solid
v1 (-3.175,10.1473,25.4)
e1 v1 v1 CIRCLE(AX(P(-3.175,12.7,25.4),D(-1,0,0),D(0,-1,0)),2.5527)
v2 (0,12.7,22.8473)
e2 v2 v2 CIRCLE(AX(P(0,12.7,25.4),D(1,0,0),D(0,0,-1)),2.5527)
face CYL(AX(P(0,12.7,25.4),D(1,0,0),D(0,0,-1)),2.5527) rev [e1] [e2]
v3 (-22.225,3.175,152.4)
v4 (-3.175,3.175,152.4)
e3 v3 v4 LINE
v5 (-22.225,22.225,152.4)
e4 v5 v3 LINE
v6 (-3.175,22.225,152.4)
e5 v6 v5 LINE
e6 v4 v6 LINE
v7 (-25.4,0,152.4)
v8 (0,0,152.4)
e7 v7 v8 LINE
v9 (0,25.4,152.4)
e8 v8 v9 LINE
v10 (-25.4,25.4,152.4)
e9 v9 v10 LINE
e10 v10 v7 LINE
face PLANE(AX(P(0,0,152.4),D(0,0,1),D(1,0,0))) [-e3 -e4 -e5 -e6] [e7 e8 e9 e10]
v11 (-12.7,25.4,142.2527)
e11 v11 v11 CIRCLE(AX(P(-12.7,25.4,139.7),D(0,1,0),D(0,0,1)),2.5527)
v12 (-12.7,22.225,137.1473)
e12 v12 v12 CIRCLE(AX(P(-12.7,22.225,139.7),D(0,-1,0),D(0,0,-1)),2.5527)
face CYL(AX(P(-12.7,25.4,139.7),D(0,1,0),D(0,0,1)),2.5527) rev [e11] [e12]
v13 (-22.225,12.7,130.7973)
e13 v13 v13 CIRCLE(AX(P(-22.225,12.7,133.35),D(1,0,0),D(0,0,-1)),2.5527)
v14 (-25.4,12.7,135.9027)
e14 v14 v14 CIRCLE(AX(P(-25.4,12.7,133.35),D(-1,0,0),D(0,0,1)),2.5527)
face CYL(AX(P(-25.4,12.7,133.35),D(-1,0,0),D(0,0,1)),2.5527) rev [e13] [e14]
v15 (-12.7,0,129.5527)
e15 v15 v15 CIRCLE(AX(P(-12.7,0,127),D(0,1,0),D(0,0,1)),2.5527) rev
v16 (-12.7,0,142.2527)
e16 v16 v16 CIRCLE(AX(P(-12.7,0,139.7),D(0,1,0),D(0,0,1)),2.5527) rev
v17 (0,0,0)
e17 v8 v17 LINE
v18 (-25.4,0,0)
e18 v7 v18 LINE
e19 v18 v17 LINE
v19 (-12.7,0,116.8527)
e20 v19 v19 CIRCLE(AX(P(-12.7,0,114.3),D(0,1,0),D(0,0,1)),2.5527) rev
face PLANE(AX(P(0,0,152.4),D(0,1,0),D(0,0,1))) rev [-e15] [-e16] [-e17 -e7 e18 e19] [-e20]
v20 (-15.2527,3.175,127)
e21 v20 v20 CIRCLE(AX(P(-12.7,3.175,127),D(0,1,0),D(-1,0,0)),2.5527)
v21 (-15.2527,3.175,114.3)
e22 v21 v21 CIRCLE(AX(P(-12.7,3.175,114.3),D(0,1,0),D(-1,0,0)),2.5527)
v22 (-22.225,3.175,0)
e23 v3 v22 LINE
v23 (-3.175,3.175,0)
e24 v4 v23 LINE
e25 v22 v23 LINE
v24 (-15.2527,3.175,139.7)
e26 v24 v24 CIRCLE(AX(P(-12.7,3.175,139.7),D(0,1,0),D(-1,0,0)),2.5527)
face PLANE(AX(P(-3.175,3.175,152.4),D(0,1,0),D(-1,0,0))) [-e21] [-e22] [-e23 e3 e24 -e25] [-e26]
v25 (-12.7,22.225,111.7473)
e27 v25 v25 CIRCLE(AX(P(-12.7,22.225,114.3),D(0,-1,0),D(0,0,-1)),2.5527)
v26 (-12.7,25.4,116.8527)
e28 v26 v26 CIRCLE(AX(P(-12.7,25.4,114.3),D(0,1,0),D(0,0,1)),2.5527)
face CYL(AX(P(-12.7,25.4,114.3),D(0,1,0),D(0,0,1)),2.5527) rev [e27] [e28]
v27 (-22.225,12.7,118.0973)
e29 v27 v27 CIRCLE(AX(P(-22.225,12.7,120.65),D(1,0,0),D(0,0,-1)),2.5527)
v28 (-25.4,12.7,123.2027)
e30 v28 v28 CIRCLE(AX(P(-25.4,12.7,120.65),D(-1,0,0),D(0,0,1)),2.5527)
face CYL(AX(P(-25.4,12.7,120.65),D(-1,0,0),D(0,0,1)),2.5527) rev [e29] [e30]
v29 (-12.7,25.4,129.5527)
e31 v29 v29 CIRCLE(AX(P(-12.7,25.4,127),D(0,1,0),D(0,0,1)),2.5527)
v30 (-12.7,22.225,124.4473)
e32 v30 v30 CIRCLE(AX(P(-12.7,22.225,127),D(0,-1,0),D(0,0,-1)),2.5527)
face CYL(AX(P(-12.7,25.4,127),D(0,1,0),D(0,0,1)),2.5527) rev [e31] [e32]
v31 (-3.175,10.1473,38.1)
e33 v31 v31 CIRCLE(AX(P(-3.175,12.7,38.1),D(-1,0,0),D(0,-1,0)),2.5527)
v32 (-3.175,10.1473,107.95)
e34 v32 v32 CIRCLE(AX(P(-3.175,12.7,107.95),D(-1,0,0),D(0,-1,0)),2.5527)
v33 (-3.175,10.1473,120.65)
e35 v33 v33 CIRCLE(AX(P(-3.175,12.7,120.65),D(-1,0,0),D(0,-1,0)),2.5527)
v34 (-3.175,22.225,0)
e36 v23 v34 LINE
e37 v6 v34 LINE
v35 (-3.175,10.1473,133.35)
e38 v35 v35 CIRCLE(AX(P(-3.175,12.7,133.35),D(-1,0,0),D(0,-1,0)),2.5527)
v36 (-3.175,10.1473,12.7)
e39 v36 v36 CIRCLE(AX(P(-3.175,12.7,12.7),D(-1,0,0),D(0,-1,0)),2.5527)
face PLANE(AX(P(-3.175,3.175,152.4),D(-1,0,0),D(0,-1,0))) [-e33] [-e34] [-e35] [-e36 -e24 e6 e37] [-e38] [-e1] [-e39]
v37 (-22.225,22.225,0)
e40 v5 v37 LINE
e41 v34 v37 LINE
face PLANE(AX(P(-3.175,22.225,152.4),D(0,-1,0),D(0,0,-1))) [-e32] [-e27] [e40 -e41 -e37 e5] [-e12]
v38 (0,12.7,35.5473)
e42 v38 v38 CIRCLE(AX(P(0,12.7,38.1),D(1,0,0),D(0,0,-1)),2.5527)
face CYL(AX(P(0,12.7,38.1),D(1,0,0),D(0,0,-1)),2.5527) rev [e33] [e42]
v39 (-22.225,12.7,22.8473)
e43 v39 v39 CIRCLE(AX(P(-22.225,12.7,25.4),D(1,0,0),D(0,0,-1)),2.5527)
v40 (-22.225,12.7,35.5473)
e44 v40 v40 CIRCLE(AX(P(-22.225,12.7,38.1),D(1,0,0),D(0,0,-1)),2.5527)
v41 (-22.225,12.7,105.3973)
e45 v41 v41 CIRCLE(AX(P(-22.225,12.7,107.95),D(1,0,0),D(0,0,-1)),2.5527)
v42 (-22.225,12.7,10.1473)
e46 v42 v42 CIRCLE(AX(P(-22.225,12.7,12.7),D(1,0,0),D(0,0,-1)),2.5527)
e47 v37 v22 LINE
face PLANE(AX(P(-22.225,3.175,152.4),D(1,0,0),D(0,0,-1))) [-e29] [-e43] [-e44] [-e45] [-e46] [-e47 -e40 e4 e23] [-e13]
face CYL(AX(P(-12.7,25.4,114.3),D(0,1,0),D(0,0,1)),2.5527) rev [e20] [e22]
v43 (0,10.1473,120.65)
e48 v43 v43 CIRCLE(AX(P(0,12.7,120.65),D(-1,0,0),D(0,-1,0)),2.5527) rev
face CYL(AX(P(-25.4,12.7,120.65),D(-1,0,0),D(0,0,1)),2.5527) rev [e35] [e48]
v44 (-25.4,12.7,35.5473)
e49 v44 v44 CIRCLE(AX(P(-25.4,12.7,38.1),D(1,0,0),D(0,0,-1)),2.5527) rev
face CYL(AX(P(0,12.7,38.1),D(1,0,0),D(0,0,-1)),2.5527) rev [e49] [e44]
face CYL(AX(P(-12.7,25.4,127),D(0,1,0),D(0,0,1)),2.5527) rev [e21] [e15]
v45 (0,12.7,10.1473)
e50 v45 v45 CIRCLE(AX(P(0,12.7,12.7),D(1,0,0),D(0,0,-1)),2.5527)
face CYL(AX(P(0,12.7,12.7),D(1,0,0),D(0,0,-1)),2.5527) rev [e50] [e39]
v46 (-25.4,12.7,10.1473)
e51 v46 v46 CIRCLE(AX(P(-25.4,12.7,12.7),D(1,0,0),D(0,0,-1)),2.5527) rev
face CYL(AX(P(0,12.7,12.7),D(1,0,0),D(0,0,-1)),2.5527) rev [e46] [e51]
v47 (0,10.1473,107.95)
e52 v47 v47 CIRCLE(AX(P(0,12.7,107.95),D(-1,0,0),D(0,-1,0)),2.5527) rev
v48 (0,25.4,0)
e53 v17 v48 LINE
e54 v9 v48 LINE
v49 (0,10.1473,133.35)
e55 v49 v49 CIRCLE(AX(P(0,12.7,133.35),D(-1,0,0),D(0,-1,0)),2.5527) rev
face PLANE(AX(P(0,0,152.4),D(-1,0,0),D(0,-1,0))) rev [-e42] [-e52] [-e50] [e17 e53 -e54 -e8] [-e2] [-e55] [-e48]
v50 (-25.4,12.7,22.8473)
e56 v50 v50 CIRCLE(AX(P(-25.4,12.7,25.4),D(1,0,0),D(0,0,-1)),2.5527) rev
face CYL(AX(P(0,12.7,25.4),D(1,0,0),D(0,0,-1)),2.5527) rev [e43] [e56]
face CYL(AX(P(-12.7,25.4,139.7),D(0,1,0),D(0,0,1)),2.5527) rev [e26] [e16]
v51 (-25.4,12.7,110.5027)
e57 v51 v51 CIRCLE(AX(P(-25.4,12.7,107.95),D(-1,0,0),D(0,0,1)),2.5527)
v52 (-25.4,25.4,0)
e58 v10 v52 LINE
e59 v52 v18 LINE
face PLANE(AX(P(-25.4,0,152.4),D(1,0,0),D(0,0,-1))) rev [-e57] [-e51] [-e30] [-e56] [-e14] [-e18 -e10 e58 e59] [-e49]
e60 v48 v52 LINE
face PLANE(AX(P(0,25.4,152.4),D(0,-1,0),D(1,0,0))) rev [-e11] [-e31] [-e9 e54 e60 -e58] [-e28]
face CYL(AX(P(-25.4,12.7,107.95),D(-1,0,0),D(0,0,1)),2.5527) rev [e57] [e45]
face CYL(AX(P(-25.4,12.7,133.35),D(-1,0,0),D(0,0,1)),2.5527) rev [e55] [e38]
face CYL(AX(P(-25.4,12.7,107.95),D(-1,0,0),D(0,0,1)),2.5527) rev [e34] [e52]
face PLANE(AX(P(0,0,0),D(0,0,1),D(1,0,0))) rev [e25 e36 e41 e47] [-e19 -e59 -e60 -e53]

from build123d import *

# Parameters (mm, degrees)
SKETCH3_W              = 25.4
SKETCH3_H              = 25.4
SKETCH3_W_2            = 19.05
SKETCH3_H_2            = 19.05
BOSS_EXTRUDE1_DEPTH    = 152.4
F_10_CLEARANCE_HOLE1_D = 5.1054
F_10_CLEARANCE_HOLE2_D = 5.1054
F_10_CLEARANCE_HOLE3_D = 5.1054


with BuildPart() as part:
    # Sketch3 → Boss-Extrude1 (new body)
    with BuildSketch(Plane.XY):
        with Locations((-12.7, 12.7)):
            Rectangle(SKETCH3_W, SKETCH3_H)
        with Locations((-12.7, 12.7)):
            Rectangle(SKETCH3_W_2, SKETCH3_H_2, mode=Mode.SUBTRACT)
    extrude(amount=BOSS_EXTRUDE1_DEPTH)

    # #10 Clearance Hole1 (through all)
    with Locations(Plane(origin=(0, 25.4, 0), x_dir=(1, 0, 0), z_dir=(0, 1, 0))):
        with Locations((-12.7, -139.7), (-12.7, -127), (-12.7, -114.3)):
            Hole(F_10_CLEARANCE_HOLE1_D / 2)

    # #10 Clearance Hole2 (through all)
    with Locations(Plane.ZY.offset(25.4)):
        with Locations((133.35, 12.7), (120.65, 12.7), (107.95, 12.7)):
            Hole(F_10_CLEARANCE_HOLE2_D / 2)

    # #10 Clearance Hole3 (through all)
    with Locations(Plane(origin=(0, 0, 0), x_dir=(0, 0, -1), z_dir=(1, 0, 0))):
        with Locations((-12.7, 12.7), (-25.4, 12.7), (-38.1, 12.7)):
            Hole(F_10_CLEARANCE_HOLE3_D / 2)


solid = part.part
